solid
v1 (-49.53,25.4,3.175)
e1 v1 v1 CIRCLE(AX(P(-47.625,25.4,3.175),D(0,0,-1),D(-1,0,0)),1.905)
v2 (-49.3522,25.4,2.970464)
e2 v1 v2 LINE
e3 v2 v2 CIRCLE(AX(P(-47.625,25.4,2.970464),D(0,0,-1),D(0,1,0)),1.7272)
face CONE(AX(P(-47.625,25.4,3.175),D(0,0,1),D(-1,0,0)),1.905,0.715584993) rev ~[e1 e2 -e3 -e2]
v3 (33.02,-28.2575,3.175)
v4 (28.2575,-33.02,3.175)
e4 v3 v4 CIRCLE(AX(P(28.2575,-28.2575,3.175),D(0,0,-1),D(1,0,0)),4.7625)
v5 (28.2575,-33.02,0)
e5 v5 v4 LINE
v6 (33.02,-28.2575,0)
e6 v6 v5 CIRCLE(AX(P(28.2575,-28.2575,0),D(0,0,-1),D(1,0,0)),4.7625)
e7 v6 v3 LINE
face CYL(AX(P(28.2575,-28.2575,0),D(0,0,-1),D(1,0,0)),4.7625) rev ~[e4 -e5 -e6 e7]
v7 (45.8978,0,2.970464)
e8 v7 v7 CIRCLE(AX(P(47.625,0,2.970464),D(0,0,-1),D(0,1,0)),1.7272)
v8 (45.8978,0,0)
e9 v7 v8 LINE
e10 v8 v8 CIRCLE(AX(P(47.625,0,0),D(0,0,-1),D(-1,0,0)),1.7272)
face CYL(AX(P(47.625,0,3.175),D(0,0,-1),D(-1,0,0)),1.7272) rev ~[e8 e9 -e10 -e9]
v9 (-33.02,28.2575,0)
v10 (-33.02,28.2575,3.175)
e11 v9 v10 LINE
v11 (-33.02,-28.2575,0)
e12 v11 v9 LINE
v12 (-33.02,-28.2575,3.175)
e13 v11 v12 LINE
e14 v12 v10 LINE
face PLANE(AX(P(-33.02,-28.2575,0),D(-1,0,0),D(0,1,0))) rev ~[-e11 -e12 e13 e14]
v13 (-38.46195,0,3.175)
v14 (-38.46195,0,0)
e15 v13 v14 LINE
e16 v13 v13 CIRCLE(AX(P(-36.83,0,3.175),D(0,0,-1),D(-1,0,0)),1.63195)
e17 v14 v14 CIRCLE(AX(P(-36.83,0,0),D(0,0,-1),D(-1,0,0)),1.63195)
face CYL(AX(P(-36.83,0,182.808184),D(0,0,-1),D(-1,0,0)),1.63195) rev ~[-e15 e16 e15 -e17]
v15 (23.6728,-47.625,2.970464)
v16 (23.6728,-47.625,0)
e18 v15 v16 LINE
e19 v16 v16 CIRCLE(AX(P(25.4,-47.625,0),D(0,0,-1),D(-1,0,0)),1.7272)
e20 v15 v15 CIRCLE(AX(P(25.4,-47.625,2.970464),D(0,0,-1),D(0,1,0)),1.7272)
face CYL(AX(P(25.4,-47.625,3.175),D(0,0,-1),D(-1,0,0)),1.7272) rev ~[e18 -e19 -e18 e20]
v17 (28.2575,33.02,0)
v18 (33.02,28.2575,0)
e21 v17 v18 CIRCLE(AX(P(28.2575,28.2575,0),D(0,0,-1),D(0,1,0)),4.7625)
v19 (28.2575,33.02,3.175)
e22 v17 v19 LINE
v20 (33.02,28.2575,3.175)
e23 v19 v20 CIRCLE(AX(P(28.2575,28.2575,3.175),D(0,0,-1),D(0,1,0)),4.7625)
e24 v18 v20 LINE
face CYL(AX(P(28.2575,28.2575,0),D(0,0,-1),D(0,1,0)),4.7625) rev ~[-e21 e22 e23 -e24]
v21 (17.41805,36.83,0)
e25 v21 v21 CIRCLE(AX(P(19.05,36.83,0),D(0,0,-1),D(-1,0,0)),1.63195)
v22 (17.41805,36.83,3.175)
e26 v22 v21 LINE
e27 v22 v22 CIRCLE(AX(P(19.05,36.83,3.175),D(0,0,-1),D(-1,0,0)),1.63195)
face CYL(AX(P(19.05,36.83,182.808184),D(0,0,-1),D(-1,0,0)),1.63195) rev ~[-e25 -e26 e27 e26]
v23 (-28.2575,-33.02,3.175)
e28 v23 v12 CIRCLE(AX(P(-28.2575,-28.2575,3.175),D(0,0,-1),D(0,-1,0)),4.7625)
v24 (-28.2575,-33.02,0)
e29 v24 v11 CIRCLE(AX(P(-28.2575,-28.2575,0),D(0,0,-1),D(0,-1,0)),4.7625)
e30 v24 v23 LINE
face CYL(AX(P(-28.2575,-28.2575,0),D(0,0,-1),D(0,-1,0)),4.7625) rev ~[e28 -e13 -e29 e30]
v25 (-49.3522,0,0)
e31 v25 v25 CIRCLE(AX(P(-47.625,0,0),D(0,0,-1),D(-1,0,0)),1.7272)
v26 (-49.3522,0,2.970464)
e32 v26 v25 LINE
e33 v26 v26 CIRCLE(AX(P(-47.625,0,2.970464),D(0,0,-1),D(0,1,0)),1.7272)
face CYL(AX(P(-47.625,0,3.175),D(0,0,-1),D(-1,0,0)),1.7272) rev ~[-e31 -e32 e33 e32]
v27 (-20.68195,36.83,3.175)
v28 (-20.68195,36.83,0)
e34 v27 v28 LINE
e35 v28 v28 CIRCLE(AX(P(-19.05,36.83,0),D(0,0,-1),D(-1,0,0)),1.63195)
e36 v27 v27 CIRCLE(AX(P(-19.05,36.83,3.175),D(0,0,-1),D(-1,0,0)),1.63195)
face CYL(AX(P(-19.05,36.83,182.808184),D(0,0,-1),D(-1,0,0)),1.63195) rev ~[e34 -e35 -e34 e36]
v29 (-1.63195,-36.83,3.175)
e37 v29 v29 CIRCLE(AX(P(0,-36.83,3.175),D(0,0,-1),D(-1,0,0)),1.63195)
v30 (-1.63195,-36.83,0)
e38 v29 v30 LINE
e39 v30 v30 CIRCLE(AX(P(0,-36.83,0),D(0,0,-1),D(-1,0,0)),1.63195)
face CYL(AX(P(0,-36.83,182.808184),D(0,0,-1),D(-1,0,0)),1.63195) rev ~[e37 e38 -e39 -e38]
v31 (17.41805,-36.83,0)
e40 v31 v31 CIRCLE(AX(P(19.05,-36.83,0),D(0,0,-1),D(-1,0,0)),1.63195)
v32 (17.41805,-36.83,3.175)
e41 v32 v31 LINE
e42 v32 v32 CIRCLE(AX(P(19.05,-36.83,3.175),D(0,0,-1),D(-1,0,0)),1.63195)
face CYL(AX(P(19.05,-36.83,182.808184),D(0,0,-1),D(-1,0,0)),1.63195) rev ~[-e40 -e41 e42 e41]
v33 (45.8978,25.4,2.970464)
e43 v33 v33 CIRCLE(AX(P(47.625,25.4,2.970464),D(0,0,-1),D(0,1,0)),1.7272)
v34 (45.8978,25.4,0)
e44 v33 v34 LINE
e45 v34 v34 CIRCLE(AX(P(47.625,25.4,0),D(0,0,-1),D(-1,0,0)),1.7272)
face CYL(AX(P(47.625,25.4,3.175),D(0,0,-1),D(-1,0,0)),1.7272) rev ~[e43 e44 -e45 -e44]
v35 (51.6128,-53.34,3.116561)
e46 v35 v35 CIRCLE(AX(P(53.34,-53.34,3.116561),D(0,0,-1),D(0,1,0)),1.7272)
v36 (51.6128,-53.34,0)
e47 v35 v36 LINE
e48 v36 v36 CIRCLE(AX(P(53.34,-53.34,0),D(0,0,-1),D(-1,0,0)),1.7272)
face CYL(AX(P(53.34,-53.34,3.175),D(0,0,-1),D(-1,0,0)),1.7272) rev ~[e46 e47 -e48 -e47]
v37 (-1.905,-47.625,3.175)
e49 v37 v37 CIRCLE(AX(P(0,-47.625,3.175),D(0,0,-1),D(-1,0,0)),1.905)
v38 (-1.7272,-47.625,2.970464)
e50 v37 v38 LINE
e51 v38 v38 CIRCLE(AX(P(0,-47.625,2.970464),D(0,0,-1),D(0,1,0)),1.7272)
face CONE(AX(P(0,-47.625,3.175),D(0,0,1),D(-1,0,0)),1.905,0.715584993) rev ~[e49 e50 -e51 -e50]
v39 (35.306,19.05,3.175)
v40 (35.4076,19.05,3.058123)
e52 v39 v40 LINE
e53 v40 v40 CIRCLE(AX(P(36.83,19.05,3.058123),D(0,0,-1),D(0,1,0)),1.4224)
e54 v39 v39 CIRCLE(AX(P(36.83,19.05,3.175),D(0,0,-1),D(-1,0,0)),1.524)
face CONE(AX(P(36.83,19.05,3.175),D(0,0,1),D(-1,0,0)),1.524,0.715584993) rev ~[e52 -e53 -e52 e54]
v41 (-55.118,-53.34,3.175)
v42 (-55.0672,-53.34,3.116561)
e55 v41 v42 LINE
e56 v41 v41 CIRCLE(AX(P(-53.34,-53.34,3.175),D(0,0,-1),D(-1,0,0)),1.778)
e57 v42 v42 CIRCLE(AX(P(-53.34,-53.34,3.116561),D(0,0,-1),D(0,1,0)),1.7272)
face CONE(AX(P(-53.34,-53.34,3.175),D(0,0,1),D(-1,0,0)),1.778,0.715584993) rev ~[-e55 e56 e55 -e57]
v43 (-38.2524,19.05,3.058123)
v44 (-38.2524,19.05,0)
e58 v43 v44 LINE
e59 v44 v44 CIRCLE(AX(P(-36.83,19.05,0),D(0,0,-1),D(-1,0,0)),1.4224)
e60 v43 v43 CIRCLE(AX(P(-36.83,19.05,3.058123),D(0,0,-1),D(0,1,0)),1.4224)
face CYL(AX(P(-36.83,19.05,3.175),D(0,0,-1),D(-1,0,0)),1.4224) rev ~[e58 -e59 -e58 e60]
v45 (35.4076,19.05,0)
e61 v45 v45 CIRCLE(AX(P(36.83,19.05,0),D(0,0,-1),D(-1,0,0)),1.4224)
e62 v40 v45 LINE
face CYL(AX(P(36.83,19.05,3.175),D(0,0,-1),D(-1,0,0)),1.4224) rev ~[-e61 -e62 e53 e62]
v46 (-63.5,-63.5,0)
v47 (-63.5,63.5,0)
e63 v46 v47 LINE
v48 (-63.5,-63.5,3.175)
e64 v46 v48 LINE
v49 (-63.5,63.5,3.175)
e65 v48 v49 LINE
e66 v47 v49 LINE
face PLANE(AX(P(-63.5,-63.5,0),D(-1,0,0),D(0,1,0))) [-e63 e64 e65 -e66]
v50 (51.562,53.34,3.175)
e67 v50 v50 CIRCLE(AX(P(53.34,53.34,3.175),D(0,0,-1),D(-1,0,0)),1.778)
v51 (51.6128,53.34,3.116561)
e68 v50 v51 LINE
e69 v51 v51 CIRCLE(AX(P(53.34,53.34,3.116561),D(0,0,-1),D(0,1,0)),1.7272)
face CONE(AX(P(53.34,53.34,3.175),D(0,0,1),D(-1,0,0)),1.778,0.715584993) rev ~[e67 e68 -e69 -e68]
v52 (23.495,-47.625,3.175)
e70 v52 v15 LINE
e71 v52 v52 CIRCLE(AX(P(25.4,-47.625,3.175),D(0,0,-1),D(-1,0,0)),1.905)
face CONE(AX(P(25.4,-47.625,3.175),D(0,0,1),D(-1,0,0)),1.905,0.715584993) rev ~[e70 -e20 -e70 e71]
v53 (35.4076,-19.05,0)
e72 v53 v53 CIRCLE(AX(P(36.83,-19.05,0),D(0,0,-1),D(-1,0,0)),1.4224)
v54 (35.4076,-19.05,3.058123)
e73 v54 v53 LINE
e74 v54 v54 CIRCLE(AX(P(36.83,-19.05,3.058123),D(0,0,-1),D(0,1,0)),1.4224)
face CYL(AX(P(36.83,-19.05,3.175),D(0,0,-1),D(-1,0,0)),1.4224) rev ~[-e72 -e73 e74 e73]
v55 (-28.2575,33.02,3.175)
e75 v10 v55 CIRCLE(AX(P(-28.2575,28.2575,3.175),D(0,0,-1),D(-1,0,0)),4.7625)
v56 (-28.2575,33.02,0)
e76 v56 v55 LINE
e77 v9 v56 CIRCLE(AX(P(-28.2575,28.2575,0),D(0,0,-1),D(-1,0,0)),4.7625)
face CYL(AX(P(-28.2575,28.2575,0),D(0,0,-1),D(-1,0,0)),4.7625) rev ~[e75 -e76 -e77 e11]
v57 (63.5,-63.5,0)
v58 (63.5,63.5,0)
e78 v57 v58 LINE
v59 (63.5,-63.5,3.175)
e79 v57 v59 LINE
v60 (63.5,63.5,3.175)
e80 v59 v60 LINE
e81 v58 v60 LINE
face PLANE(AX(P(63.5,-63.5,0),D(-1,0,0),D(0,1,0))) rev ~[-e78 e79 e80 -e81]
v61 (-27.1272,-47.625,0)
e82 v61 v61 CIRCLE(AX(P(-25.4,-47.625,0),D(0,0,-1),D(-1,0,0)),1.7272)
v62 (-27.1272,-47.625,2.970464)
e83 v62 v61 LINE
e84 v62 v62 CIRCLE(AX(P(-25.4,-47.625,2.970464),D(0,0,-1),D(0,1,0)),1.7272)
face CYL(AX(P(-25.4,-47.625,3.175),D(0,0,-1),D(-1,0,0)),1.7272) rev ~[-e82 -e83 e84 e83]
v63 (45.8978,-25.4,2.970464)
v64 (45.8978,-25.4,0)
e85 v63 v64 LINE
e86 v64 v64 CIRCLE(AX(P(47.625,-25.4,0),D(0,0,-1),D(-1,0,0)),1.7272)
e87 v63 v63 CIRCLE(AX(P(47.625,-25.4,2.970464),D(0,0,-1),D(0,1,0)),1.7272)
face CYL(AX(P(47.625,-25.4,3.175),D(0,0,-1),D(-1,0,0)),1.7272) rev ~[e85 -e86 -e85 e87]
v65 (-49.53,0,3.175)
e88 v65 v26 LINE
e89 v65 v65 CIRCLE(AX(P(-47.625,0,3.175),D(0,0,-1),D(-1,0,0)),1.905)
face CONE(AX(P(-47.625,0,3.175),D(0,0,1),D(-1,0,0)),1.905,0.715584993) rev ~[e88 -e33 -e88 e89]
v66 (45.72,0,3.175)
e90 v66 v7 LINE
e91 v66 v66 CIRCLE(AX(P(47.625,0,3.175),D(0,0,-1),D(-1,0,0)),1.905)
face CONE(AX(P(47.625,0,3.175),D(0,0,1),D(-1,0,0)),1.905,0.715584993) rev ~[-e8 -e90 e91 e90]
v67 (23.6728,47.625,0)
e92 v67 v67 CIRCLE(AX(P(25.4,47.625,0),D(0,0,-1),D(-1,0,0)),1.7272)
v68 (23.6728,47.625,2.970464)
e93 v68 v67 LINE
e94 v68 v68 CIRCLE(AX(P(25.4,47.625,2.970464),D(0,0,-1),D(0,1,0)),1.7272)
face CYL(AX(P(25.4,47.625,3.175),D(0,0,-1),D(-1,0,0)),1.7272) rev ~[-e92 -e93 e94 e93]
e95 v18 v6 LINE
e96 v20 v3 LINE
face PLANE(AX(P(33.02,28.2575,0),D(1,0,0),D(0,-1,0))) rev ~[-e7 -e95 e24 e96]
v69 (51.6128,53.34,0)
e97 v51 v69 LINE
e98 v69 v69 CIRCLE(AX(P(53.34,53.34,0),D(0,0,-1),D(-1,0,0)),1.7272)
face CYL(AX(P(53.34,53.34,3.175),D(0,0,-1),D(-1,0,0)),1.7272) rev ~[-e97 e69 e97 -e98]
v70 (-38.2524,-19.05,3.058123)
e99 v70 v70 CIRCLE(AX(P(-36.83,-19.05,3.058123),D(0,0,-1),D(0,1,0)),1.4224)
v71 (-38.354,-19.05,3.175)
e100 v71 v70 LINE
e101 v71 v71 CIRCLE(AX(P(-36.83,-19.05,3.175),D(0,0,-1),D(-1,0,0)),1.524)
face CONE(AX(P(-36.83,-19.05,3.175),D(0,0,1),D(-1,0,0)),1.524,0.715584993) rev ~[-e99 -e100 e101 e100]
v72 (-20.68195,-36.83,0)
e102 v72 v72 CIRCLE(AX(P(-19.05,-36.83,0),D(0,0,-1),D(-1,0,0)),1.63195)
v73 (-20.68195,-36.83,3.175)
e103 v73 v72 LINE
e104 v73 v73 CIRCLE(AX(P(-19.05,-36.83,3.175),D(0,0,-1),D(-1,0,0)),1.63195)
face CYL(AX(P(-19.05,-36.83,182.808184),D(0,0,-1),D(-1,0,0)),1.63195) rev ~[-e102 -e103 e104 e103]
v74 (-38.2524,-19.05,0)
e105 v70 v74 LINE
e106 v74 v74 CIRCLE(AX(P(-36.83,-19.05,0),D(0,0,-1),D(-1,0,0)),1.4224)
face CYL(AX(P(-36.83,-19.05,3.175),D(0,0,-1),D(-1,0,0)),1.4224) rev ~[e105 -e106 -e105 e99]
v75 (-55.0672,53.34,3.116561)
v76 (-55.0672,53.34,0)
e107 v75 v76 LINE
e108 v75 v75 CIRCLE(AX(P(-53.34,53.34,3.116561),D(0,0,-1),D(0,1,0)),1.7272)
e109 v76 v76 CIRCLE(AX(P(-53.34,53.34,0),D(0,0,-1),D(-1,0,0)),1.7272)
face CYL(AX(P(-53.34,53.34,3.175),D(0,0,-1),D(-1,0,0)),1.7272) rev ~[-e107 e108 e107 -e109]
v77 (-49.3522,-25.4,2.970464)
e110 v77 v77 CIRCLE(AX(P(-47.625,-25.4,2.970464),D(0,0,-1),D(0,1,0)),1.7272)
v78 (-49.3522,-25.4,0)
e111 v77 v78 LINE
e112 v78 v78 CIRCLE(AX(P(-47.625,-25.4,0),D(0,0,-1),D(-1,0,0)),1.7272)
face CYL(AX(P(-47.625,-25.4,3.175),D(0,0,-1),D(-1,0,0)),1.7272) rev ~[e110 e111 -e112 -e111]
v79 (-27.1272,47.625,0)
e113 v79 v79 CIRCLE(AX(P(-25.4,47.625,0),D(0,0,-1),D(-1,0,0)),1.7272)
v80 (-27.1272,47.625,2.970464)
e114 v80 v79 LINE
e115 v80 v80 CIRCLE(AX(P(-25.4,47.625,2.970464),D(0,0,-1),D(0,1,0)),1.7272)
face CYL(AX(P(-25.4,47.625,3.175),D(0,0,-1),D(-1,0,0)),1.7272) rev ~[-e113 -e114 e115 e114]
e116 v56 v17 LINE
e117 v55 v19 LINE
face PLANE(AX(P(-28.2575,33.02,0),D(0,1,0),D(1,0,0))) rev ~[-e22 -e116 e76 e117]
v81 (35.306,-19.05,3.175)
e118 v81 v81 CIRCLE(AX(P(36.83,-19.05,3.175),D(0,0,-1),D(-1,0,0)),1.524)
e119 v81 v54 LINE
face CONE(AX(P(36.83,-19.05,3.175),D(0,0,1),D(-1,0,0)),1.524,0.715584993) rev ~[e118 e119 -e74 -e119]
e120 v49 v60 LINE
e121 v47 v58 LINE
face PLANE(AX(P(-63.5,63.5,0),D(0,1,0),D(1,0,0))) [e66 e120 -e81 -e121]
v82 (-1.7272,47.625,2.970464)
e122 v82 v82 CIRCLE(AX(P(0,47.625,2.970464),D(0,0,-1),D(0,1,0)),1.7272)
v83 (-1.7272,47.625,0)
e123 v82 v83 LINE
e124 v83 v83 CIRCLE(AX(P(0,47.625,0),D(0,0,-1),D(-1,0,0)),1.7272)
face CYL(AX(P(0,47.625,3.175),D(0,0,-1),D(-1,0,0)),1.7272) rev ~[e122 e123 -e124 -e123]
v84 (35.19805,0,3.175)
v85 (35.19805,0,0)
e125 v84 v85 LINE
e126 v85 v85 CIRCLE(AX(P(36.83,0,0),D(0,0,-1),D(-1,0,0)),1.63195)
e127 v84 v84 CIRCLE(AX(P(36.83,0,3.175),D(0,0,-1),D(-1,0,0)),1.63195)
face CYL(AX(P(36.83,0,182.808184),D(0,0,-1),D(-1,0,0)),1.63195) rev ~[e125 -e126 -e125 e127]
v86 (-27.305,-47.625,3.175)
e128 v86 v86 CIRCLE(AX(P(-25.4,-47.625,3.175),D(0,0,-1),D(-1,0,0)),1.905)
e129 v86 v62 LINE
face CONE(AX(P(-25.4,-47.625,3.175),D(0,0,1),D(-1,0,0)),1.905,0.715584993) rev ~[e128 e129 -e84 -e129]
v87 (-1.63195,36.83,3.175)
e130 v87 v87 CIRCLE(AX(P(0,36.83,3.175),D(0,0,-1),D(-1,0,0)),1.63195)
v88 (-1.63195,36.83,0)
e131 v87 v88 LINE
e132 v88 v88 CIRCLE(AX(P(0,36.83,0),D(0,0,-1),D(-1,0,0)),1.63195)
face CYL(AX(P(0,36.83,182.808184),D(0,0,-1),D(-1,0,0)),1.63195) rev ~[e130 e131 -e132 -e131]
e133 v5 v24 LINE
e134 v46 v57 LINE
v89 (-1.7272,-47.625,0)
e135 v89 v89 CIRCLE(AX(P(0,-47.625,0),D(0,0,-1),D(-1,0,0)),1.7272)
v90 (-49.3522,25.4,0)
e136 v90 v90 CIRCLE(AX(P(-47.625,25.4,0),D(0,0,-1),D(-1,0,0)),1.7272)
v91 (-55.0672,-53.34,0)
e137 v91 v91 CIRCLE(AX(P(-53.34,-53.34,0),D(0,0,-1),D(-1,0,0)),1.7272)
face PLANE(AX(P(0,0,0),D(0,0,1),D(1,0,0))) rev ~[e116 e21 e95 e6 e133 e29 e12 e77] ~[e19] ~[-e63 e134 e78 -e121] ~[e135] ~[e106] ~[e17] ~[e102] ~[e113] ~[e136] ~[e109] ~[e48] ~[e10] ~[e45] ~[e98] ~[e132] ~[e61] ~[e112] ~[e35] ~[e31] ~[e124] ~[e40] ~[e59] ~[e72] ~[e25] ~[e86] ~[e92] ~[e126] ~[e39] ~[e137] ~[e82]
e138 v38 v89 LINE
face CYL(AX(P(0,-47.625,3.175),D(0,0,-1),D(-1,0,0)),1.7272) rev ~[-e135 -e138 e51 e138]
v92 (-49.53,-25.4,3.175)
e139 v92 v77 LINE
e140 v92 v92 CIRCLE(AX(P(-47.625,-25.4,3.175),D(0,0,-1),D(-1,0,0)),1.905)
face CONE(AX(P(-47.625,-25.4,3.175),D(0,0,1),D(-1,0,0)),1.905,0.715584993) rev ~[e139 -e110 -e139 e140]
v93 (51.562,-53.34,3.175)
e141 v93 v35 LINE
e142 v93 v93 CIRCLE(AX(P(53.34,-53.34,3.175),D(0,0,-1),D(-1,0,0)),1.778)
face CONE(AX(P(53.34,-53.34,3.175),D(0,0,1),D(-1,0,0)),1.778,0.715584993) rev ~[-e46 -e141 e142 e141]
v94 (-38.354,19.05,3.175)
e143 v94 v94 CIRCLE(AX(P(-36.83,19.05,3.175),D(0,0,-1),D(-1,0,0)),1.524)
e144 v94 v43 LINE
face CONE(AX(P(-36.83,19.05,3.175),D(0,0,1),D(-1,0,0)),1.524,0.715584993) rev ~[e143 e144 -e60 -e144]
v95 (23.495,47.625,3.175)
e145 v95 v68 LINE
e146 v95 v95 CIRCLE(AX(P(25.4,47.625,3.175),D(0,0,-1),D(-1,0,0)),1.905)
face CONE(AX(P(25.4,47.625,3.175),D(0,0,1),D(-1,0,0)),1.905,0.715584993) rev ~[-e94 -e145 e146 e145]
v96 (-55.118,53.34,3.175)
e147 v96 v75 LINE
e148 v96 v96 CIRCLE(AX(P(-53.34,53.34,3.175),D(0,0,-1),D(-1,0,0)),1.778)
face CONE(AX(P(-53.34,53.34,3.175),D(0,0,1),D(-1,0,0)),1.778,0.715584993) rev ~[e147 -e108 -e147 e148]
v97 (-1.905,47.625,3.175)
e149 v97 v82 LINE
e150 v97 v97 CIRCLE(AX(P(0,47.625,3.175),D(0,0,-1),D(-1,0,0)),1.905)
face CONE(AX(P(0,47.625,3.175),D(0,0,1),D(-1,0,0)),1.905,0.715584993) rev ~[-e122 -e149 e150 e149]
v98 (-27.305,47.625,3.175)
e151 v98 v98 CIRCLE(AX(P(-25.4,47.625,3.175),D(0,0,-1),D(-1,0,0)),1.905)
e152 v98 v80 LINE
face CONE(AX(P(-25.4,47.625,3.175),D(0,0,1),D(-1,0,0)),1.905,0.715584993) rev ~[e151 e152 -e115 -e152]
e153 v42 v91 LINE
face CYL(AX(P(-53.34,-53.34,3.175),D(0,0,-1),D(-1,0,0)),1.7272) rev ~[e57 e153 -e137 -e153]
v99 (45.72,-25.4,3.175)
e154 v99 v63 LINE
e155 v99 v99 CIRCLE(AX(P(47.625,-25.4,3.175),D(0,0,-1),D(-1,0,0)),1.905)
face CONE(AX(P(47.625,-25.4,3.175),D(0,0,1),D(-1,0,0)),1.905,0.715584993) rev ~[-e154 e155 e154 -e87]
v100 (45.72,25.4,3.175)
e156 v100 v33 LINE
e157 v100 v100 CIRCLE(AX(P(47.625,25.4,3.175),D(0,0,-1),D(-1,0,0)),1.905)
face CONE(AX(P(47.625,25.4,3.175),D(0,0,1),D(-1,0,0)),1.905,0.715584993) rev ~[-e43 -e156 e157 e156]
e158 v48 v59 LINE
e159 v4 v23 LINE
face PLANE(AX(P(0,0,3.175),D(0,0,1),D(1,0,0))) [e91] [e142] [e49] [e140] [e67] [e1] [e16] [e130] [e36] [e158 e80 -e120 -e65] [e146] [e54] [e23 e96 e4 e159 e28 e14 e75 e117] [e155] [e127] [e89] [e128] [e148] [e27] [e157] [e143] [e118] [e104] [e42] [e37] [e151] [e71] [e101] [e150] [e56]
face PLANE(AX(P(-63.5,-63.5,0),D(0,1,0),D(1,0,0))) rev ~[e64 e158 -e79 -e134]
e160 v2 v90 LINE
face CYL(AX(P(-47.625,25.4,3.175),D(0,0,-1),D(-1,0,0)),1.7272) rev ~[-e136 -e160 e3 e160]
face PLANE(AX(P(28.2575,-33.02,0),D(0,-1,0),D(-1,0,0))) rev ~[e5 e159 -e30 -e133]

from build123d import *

# Parameters (mm, degrees)
F0_W           = 127
F0_H           = 127
F1_DEPTH       = 3.175
F3_D           = 3.4544
F3_CSINK_D     = 3.556
F3_CSINK_ANGLE = 82
F4_D           = 3.4544
F4_CSINK_D     = 3.81
F4_CSINK_ANGLE = 82
F5_D           = 2.8448
F5_CSINK_D     = 3.048
F5_CSINK_ANGLE = 82
F6_D           = 3.2639


with BuildPart() as f1:
    # F0 (on Top) → F1 (new body)
    with BuildSketch(Plane.XY):
        Rectangle(F0_W, F0_H)
        with BuildLine():
            Line((-28.2575, 33.02), (28.2575, 33.02))
            ThreePointArc((28.2575, 33.02), (31.6250960454, 31.6250960454), (33.02, 28.2575))
            Line((33.02, 28.2575), (33.02, -28.2575))
            ThreePointArc((33.02, -28.2575), (31.6250960454, -31.6250960454), (28.2575, -33.02))
            Line((28.2575, -33.02), (-28.2575, -33.02))
            ThreePointArc((-28.2575, -33.02), (-31.6250960454, -31.6250960454), (-33.02, -28.2575))
            Line((-33.02, -28.2575), (-33.02, 28.2575))
            ThreePointArc((-33.02, 28.2575), (-31.6250960454, 31.6250960454), (-28.2575, 33.02))
        make_face(mode=Mode.SUBTRACT)
    extrude(amount=F1_DEPTH)

    # F3 (through all)
    with Locations(Plane.XY.offset(3.175)):
        with Locations((-53.34, 53.34), (53.34, 53.34), (53.34, -53.34), (-53.34, -53.34)):
            CounterSinkHole(F3_D / 2, F3_CSINK_D / 2, counter_sink_angle=F3_CSINK_ANGLE)

    # F4 (through all)
    with Locations(Plane.XY.offset(3.175)):
        with Locations((-25.4, 47.625), (0, 47.625), (25.4, 47.625), (-47.625, 25.4), (-47.625, 0), (-47.625, -25.4), (-25.4, -47.625), (0, -47.625), (25.4, -47.625), (47.625, -25.4), (47.625, 0), (47.625, 25.4)):
            CounterSinkHole(F4_D / 2, F4_CSINK_D / 2, counter_sink_angle=F4_CSINK_ANGLE)

    # F5 (through all)
    with Locations(Plane.XY.offset(3.175)):
        with Locations((-36.83, 19.05), (-36.83, -19.05), (36.83, 19.05), (36.83, -19.05)):
            CounterSinkHole(F5_D / 2, F5_CSINK_D / 2, counter_sink_angle=F5_CSINK_ANGLE)

    # F6 (through all)
    with Locations(Plane.XY.offset(3.175)):
        with Locations((-36.83, 0), (-19.05, 36.83), (0, 36.83), (19.05, 36.83), (36.83, 0), (19.05, -36.83), (0, -36.83), (-19.05, -36.83)):
            Hole(F6_D / 2)


solid = f1.part
